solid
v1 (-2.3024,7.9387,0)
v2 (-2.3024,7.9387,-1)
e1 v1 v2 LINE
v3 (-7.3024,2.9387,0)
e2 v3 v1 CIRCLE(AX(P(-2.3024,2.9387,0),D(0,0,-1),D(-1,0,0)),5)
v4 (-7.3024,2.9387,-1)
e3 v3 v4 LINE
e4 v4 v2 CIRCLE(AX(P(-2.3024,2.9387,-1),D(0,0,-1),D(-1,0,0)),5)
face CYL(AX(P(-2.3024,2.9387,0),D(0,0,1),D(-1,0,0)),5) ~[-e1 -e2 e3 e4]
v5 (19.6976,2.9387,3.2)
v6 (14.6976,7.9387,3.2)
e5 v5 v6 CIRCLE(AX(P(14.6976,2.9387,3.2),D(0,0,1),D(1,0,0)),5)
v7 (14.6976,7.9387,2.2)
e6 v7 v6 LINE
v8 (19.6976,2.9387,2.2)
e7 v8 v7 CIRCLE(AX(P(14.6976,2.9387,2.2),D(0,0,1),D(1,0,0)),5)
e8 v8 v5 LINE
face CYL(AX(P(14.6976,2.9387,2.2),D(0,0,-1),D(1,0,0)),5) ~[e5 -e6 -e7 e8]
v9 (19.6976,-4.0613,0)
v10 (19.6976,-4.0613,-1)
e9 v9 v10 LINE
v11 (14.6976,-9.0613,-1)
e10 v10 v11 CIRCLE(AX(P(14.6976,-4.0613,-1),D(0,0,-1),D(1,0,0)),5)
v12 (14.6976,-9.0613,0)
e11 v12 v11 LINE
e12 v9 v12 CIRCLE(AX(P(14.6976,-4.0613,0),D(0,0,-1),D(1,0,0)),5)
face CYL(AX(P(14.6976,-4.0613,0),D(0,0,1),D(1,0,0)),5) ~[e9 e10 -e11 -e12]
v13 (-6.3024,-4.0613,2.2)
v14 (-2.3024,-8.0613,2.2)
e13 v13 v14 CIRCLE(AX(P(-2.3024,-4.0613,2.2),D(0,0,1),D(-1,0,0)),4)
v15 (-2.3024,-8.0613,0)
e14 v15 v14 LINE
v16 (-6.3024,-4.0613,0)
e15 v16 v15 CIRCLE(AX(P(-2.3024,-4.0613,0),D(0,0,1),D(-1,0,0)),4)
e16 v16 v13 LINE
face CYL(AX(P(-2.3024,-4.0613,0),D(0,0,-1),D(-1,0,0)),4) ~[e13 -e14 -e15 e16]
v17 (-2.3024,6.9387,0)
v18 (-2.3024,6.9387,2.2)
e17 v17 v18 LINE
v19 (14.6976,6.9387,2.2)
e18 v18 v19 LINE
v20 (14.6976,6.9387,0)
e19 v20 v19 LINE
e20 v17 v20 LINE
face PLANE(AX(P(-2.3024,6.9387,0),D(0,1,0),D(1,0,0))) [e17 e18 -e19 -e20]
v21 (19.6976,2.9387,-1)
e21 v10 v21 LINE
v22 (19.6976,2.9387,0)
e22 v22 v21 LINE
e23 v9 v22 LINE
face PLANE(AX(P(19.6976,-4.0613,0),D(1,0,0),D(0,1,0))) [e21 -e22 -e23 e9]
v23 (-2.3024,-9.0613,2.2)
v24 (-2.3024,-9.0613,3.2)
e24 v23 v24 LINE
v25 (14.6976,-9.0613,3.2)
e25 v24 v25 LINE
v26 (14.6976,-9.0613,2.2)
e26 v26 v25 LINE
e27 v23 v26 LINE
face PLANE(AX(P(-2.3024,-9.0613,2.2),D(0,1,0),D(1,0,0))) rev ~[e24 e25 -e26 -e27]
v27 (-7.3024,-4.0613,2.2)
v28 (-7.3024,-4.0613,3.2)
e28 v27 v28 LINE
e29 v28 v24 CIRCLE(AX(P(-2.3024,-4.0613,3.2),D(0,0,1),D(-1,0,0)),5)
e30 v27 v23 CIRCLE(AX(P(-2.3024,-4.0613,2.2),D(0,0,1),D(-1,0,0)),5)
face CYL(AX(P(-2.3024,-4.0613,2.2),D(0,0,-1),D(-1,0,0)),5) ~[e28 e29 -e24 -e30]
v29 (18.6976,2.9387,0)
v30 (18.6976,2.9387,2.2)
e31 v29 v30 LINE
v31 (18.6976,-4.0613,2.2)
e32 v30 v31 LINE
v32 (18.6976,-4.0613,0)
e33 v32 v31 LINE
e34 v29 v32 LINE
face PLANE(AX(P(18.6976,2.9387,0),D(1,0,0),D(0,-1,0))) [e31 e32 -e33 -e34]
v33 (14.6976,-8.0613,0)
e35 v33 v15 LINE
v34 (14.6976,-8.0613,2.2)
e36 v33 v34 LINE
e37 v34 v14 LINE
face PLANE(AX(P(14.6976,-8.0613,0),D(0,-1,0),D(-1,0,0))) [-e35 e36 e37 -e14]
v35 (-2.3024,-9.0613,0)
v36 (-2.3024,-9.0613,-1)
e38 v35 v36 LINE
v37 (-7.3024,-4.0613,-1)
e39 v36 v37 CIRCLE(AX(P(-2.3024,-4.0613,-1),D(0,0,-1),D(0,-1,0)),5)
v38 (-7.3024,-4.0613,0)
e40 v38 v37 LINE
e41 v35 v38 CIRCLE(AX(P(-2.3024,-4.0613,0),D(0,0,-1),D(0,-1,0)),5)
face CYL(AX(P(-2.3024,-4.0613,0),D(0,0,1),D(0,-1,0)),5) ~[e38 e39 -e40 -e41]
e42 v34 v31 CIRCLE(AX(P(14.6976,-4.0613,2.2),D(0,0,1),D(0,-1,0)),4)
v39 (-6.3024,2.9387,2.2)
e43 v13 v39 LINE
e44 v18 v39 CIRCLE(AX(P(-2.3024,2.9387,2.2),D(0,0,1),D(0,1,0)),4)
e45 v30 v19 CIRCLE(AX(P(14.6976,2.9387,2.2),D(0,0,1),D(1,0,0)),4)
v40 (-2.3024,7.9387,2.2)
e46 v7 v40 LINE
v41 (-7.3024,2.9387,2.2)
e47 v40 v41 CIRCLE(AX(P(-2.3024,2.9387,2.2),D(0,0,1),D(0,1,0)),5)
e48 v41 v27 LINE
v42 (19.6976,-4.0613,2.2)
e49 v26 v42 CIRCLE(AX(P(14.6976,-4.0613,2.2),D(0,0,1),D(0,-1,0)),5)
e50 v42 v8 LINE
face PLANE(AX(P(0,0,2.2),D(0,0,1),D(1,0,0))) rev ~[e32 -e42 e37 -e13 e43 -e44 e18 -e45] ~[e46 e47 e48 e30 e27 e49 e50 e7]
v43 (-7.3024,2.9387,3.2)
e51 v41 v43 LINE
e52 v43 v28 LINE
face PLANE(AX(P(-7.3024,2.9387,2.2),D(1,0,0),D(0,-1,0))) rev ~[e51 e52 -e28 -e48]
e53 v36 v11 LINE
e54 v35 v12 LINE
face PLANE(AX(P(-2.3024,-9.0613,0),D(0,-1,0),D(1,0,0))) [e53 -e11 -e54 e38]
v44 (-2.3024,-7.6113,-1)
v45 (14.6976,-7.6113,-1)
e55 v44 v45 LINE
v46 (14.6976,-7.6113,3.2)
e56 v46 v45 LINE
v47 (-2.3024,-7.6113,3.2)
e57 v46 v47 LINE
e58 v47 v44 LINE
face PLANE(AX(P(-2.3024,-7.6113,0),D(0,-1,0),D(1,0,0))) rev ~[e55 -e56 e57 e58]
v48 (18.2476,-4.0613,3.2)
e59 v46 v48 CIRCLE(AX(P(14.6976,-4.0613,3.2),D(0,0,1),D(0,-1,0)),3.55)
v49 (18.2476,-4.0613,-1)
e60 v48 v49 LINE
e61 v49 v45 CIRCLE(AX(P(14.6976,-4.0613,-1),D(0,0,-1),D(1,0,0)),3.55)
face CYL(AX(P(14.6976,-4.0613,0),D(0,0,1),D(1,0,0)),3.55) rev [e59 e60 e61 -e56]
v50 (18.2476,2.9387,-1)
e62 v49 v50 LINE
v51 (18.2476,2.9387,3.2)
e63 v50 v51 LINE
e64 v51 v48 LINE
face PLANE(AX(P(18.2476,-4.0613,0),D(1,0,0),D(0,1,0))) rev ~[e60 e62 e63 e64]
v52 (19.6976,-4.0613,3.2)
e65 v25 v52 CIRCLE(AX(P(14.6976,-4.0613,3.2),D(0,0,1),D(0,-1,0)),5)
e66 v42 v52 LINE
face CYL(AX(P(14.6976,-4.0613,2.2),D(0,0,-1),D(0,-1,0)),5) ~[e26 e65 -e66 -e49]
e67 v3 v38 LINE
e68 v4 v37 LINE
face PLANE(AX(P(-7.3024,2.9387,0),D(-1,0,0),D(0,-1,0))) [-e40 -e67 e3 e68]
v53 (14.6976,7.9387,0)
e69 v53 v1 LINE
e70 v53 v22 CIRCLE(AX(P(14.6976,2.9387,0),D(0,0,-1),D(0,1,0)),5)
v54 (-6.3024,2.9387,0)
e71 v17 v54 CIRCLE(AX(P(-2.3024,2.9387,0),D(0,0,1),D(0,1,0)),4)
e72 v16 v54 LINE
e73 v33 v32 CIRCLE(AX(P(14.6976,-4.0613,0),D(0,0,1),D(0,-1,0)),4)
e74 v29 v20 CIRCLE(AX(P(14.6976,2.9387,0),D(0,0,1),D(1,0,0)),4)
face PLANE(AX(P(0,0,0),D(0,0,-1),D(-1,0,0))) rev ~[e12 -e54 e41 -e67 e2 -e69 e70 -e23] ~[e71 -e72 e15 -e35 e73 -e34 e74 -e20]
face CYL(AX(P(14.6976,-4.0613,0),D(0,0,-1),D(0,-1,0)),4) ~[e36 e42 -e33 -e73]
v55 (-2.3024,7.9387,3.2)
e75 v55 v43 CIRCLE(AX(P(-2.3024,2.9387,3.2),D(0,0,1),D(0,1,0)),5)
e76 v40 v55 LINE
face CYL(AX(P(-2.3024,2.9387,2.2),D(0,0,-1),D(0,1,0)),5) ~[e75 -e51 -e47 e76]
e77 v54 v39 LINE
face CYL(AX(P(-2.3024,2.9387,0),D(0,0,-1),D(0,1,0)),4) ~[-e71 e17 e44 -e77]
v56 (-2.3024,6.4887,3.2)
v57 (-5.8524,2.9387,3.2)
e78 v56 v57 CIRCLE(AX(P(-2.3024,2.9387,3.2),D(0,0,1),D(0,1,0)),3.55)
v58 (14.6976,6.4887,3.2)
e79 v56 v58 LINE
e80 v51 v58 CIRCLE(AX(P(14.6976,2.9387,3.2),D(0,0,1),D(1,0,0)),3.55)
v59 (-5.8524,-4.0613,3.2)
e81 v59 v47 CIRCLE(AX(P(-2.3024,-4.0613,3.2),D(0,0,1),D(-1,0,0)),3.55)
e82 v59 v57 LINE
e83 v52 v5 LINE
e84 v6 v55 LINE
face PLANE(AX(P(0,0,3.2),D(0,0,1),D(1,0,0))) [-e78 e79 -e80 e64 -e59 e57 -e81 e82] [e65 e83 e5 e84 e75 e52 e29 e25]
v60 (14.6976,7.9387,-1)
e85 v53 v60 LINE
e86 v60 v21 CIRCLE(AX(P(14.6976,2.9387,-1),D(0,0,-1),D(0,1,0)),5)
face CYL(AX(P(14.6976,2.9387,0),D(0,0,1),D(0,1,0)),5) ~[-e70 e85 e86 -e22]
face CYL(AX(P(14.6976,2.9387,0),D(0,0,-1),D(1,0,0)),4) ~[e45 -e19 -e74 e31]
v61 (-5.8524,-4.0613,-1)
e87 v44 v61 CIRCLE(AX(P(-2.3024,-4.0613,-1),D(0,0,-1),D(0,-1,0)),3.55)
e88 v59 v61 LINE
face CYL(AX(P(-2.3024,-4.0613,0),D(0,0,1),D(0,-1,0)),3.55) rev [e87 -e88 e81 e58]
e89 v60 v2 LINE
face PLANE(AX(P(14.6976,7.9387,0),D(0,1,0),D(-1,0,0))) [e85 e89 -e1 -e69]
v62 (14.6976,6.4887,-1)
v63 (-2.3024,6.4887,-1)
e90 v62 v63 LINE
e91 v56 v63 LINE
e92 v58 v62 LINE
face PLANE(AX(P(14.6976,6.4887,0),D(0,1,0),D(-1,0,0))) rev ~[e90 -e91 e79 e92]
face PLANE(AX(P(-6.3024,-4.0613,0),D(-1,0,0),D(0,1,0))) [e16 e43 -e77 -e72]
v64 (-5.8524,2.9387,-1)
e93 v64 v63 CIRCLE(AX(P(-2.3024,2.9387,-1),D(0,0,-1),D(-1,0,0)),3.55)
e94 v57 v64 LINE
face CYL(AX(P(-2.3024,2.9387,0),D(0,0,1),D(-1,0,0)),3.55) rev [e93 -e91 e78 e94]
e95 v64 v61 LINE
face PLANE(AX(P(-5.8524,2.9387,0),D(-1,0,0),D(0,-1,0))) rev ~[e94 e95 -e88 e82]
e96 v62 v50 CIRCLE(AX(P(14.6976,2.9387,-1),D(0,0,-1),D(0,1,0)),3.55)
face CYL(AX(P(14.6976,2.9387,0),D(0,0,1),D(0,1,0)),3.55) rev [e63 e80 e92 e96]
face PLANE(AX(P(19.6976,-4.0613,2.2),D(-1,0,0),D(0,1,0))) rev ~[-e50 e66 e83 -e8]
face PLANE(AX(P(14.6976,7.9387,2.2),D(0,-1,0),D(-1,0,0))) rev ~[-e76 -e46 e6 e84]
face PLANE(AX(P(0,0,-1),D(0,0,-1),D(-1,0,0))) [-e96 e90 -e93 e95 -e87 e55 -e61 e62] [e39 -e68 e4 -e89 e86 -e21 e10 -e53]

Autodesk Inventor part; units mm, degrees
ref_plane "YZ Plane" through (0, 0, 0) normal (1, 0, 0) x (0, 1, 0)
ref_plane "XZ Plane" through (0, 0, 0) normal (0, 1, 0) x (-1, 0, 0)
ref_plane "XY Plane" through (0, 0, 0) normal (0, 0, 1) x (1, 0, 0)
sketch "Szkic1" plane through (0, 0, 0) normal (0, 0, 1) x (1, 0, 0)
  line L0 (-2.3024, 6.9387) -> (14.6976, 6.9387)
  line L1 (18.6976, 2.9387) -> (18.6976, -4.0613)
  line L2 (14.6976, -8.0613) -> (-2.3024, -8.0613)
  line L3 (-6.3024, -4.0613) -> (-6.3024, 2.9387)
  arc A0 (-2.3024, 6.9387) -> (-6.3024, 2.9387) centre (-2.3024, 2.9387) ccw
  arc A1 (18.6976, 2.9387) -> (14.6976, 6.9387) centre (14.6976, 2.9387) ccw
  arc A2 (14.6976, -8.0613) -> (18.6976, -4.0613) centre (14.6976, -4.0613) ccw
  arc A3 (-6.3024, -4.0613) -> (-2.3024, -8.0613) centre (-2.3024, -4.0613) ccw
  line L4 (14.6976, 6.4887) -> (-2.3024, 6.4887)
  arc A4 (-2.3024, 6.4887) -> (-5.8524, 2.9387) centre (-2.3024, 2.9387) ccw
  line L5 (-5.8524, 2.9387) -> (-5.8524, -4.0613)
  arc A5 (-5.8524, -4.0613) -> (-2.3024, -7.6113) centre (-2.3024, -4.0613) ccw
  line L6 (-2.3024, -7.6113) -> (14.6976, -7.6113)
  arc A6 (14.6976, -7.6113) -> (18.2476, -4.0613) centre (14.6976, -4.0613) ccw
  line L7 (18.2476, -4.0613) -> (18.2476, 2.9387)
  arc A7 (18.2476, 2.9387) -> (14.6976, 6.4887) centre (14.6976, 2.9387) ccw
  point P0 (0, 0)
  point P1 (18.6976, -8.0613)
  point P2 (18.6976, 6.9387)
  point P3 (-6.3024, -8.0613)
  dimension "d0" = 25
  dimension "d1" = 15
  dimension "d2" = 4
  dimension "d3" = 0.45
extrude "Wyciągnięcie proste1" add sketch "Szkic1" along normal blind 2.2
sketch "Szkic2" plane through (0, 0, 2.2) normal (0, 0, 1) x (1, 0, 0)
  arc A0 (18.2476, 2.9387) -> (14.6976, 6.4887) centre (14.6976, 2.9387) ccw projected
  line L0 (18.2476, 2.9387) -> (18.2476, -4.0613) projected
  arc A1 (14.6976, -7.6113) -> (18.2476, -4.0613) centre (14.6976, -4.0613) ccw projected
  line L1 (14.6976, -7.6113) -> (-2.3024, -7.6113) projected
  arc A2 (-5.8524, -4.0613) -> (-2.3024, -7.6113) centre (-2.3024, -4.0613) ccw projected
  line L2 (-5.8524, -4.0613) -> (-5.8524, 2.9387) projected
  arc A3 (-2.3024, 6.4887) -> (-5.8524, 2.9387) centre (-2.3024, 2.9387) ccw projected
  line L3 (-2.3024, 6.4887) -> (14.6976, 6.4887) projected
  line L4 (-6.3024, 2.9387) -> (-6.3024, -4.0613) projected
  arc A4 (-6.3024, -4.0613) -> (-2.3024, -8.0613) centre (-2.3024, -4.0613) ccw projected
  line L5 (-2.3024, -8.0613) -> (14.6976, -8.0613) projected
  arc A5 (14.6976, -8.0613) -> (18.6976, -4.0613) centre (14.6976, -4.0613) ccw projected
  line L6 (18.6976, -4.0613) -> (18.6976, 2.9387) projected
  arc A6 (18.6976, 2.9387) -> (14.6976, 6.9387) centre (14.6976, 2.9387) ccw projected
  line L7 (14.6976, 6.9387) -> (-2.3024, 6.9387) projected
  arc A7 (-2.3024, 6.9387) -> (-6.3024, 2.9387) centre (-2.3024, 2.9387) ccw projected
  line L8 (-7.3024, 2.9387) -> (-7.3024, -4.0613)
  arc A8 (-7.3024, -4.0613) -> (-2.3024, -9.0613) centre (-2.3024, -4.0613) ccw
  line L9 (-2.3024, -9.0613) -> (14.6976, -9.0613)
  arc A9 (14.6976, -9.0613) -> (19.6976, -4.0613) centre (14.6976, -4.0613) ccw
  line L10 (19.6976, -4.0613) -> (19.6976, 2.9387)
  arc A10 (19.6976, 2.9387) -> (14.6976, 7.9387) centre (14.6976, 2.9387) ccw
  line L11 (14.6976, 7.9387) -> (-2.3024, 7.9387)
  arc A11 (-2.3024, 7.9387) -> (-7.3024, 2.9387) centre (-2.3024, 2.9387) ccw
  point P0 (0, 0)
  dimension "d6" = 1
extrude "Wyciągnięcie proste2" add sketch "Szkic2" along normal blind 1 contours A7 L7 A6 L6 A5 L5 A4 L4 | A11 L11 A10 L10 A9 L9 A8 L8
sketch "Szkic3" plane through (0, 0, 0) normal (0, 0, -1) x (-1, 0, 0)
  line L0 (7.3024, 2.9387) -> (7.3024, -4.0613) projected
  arc A0 (7.3024, 2.9387) -> (2.3024, 7.9387) centre (2.3024, 2.9387) ccw projected
  line L1 (-14.6976, 7.9387) -> (2.3024, 7.9387) projected
  arc A1 (-14.6976, 7.9387) -> (-19.6976, 2.9387) centre (-14.6976, 2.9387) ccw projected
  line L2 (-19.6976, -4.0613) -> (-19.6976, 2.9387) projected
  arc A2 (-19.6976, -4.0613) -> (-14.6976, -9.0613) centre (-14.6976, -4.0613) ccw projected
  line L3 (2.3024, -9.0613) -> (-14.6976, -9.0613) projected
  arc A3 (2.3024, -9.0613) -> (7.3024, -4.0613) centre (2.3024, -4.0613) ccw projected
  arc A4 (6.3024, 2.9387) -> (2.3024, 6.9387) centre (2.3024, 2.9387) ccw projected
  line L4 (6.3024, 2.9387) -> (6.3024, -4.0613) projected
  arc A5 (2.3024, -8.0613) -> (6.3024, -4.0613) centre (2.3024, -4.0613) ccw projected
  line L5 (2.3024, -8.0613) -> (-14.6976, -8.0613) projected
  arc A6 (-18.6976, -4.0613) -> (-14.6976, -8.0613) centre (-14.6976, -4.0613) ccw projected
  line L6 (-18.6976, -4.0613) -> (-18.6976, 2.9387) projected
  arc A7 (-14.6976, 6.9387) -> (-18.6976, 2.9387) centre (-14.6976, 2.9387) ccw projected
  line L7 (-14.6976, 6.9387) -> (2.3024, 6.9387) projected
  arc A8 (-14.6976, 6.4887) -> (-18.2476, 2.9387) centre (-14.6976, 2.9387) ccw projected
  line L8 (-14.6976, 6.4887) -> (2.3024, 6.4887) projected
  arc A9 (5.8524, 2.9387) -> (2.3024, 6.4887) centre (2.3024, 2.9387) ccw projected
  line L9 (5.8524, 2.9387) -> (5.8524, -4.0613) projected
  arc A10 (2.3024, -7.6113) -> (5.8524, -4.0613) centre (2.3024, -4.0613) ccw projected
  line L10 (2.3024, -7.6113) -> (-14.6976, -7.6113) projected
  arc A11 (-18.2476, -4.0613) -> (-14.6976, -7.6113) centre (-14.6976, -4.0613) ccw projected
  line L11 (-18.2476, -4.0613) -> (-18.2476, 2.9387) projected
  line L12 (6.3024, 2.9387) -> (6.3024, -4.0613) projected
  arc A12 (6.3024, 2.9387) -> (2.3024, 6.9387) centre (2.3024, 2.9387) ccw projected
  line L13 (-14.6976, 6.9387) -> (2.3024, 6.9387) projected
  arc A13 (-14.6976, 6.9387) -> (-18.6976, 2.9387) centre (-14.6976, 2.9387) ccw projected
  line L14 (-18.6976, -4.0613) -> (-18.6976, 2.9387) projected
  arc A14 (-18.6976, -4.0613) -> (-14.6976, -8.0613) centre (-14.6976, -4.0613) ccw projected
  line L15 (2.3024, -8.0613) -> (-14.6976, -8.0613) projected
  arc A15 (2.3024, -8.0613) -> (6.3024, -4.0613) centre (2.3024, -4.0613) ccw projected
  point P0 (0, 0)
extrude "Wyciągnięcie proste3" add sketch "Szkic3" along normal blind 1 contours L0 A3 L3 A2 L2 A1 L1 A0 | L4 A5 L5 A6 L6 A7 L7 A4
properties part number "3DP_TPU_Cable_Feed_Through_25mm"
